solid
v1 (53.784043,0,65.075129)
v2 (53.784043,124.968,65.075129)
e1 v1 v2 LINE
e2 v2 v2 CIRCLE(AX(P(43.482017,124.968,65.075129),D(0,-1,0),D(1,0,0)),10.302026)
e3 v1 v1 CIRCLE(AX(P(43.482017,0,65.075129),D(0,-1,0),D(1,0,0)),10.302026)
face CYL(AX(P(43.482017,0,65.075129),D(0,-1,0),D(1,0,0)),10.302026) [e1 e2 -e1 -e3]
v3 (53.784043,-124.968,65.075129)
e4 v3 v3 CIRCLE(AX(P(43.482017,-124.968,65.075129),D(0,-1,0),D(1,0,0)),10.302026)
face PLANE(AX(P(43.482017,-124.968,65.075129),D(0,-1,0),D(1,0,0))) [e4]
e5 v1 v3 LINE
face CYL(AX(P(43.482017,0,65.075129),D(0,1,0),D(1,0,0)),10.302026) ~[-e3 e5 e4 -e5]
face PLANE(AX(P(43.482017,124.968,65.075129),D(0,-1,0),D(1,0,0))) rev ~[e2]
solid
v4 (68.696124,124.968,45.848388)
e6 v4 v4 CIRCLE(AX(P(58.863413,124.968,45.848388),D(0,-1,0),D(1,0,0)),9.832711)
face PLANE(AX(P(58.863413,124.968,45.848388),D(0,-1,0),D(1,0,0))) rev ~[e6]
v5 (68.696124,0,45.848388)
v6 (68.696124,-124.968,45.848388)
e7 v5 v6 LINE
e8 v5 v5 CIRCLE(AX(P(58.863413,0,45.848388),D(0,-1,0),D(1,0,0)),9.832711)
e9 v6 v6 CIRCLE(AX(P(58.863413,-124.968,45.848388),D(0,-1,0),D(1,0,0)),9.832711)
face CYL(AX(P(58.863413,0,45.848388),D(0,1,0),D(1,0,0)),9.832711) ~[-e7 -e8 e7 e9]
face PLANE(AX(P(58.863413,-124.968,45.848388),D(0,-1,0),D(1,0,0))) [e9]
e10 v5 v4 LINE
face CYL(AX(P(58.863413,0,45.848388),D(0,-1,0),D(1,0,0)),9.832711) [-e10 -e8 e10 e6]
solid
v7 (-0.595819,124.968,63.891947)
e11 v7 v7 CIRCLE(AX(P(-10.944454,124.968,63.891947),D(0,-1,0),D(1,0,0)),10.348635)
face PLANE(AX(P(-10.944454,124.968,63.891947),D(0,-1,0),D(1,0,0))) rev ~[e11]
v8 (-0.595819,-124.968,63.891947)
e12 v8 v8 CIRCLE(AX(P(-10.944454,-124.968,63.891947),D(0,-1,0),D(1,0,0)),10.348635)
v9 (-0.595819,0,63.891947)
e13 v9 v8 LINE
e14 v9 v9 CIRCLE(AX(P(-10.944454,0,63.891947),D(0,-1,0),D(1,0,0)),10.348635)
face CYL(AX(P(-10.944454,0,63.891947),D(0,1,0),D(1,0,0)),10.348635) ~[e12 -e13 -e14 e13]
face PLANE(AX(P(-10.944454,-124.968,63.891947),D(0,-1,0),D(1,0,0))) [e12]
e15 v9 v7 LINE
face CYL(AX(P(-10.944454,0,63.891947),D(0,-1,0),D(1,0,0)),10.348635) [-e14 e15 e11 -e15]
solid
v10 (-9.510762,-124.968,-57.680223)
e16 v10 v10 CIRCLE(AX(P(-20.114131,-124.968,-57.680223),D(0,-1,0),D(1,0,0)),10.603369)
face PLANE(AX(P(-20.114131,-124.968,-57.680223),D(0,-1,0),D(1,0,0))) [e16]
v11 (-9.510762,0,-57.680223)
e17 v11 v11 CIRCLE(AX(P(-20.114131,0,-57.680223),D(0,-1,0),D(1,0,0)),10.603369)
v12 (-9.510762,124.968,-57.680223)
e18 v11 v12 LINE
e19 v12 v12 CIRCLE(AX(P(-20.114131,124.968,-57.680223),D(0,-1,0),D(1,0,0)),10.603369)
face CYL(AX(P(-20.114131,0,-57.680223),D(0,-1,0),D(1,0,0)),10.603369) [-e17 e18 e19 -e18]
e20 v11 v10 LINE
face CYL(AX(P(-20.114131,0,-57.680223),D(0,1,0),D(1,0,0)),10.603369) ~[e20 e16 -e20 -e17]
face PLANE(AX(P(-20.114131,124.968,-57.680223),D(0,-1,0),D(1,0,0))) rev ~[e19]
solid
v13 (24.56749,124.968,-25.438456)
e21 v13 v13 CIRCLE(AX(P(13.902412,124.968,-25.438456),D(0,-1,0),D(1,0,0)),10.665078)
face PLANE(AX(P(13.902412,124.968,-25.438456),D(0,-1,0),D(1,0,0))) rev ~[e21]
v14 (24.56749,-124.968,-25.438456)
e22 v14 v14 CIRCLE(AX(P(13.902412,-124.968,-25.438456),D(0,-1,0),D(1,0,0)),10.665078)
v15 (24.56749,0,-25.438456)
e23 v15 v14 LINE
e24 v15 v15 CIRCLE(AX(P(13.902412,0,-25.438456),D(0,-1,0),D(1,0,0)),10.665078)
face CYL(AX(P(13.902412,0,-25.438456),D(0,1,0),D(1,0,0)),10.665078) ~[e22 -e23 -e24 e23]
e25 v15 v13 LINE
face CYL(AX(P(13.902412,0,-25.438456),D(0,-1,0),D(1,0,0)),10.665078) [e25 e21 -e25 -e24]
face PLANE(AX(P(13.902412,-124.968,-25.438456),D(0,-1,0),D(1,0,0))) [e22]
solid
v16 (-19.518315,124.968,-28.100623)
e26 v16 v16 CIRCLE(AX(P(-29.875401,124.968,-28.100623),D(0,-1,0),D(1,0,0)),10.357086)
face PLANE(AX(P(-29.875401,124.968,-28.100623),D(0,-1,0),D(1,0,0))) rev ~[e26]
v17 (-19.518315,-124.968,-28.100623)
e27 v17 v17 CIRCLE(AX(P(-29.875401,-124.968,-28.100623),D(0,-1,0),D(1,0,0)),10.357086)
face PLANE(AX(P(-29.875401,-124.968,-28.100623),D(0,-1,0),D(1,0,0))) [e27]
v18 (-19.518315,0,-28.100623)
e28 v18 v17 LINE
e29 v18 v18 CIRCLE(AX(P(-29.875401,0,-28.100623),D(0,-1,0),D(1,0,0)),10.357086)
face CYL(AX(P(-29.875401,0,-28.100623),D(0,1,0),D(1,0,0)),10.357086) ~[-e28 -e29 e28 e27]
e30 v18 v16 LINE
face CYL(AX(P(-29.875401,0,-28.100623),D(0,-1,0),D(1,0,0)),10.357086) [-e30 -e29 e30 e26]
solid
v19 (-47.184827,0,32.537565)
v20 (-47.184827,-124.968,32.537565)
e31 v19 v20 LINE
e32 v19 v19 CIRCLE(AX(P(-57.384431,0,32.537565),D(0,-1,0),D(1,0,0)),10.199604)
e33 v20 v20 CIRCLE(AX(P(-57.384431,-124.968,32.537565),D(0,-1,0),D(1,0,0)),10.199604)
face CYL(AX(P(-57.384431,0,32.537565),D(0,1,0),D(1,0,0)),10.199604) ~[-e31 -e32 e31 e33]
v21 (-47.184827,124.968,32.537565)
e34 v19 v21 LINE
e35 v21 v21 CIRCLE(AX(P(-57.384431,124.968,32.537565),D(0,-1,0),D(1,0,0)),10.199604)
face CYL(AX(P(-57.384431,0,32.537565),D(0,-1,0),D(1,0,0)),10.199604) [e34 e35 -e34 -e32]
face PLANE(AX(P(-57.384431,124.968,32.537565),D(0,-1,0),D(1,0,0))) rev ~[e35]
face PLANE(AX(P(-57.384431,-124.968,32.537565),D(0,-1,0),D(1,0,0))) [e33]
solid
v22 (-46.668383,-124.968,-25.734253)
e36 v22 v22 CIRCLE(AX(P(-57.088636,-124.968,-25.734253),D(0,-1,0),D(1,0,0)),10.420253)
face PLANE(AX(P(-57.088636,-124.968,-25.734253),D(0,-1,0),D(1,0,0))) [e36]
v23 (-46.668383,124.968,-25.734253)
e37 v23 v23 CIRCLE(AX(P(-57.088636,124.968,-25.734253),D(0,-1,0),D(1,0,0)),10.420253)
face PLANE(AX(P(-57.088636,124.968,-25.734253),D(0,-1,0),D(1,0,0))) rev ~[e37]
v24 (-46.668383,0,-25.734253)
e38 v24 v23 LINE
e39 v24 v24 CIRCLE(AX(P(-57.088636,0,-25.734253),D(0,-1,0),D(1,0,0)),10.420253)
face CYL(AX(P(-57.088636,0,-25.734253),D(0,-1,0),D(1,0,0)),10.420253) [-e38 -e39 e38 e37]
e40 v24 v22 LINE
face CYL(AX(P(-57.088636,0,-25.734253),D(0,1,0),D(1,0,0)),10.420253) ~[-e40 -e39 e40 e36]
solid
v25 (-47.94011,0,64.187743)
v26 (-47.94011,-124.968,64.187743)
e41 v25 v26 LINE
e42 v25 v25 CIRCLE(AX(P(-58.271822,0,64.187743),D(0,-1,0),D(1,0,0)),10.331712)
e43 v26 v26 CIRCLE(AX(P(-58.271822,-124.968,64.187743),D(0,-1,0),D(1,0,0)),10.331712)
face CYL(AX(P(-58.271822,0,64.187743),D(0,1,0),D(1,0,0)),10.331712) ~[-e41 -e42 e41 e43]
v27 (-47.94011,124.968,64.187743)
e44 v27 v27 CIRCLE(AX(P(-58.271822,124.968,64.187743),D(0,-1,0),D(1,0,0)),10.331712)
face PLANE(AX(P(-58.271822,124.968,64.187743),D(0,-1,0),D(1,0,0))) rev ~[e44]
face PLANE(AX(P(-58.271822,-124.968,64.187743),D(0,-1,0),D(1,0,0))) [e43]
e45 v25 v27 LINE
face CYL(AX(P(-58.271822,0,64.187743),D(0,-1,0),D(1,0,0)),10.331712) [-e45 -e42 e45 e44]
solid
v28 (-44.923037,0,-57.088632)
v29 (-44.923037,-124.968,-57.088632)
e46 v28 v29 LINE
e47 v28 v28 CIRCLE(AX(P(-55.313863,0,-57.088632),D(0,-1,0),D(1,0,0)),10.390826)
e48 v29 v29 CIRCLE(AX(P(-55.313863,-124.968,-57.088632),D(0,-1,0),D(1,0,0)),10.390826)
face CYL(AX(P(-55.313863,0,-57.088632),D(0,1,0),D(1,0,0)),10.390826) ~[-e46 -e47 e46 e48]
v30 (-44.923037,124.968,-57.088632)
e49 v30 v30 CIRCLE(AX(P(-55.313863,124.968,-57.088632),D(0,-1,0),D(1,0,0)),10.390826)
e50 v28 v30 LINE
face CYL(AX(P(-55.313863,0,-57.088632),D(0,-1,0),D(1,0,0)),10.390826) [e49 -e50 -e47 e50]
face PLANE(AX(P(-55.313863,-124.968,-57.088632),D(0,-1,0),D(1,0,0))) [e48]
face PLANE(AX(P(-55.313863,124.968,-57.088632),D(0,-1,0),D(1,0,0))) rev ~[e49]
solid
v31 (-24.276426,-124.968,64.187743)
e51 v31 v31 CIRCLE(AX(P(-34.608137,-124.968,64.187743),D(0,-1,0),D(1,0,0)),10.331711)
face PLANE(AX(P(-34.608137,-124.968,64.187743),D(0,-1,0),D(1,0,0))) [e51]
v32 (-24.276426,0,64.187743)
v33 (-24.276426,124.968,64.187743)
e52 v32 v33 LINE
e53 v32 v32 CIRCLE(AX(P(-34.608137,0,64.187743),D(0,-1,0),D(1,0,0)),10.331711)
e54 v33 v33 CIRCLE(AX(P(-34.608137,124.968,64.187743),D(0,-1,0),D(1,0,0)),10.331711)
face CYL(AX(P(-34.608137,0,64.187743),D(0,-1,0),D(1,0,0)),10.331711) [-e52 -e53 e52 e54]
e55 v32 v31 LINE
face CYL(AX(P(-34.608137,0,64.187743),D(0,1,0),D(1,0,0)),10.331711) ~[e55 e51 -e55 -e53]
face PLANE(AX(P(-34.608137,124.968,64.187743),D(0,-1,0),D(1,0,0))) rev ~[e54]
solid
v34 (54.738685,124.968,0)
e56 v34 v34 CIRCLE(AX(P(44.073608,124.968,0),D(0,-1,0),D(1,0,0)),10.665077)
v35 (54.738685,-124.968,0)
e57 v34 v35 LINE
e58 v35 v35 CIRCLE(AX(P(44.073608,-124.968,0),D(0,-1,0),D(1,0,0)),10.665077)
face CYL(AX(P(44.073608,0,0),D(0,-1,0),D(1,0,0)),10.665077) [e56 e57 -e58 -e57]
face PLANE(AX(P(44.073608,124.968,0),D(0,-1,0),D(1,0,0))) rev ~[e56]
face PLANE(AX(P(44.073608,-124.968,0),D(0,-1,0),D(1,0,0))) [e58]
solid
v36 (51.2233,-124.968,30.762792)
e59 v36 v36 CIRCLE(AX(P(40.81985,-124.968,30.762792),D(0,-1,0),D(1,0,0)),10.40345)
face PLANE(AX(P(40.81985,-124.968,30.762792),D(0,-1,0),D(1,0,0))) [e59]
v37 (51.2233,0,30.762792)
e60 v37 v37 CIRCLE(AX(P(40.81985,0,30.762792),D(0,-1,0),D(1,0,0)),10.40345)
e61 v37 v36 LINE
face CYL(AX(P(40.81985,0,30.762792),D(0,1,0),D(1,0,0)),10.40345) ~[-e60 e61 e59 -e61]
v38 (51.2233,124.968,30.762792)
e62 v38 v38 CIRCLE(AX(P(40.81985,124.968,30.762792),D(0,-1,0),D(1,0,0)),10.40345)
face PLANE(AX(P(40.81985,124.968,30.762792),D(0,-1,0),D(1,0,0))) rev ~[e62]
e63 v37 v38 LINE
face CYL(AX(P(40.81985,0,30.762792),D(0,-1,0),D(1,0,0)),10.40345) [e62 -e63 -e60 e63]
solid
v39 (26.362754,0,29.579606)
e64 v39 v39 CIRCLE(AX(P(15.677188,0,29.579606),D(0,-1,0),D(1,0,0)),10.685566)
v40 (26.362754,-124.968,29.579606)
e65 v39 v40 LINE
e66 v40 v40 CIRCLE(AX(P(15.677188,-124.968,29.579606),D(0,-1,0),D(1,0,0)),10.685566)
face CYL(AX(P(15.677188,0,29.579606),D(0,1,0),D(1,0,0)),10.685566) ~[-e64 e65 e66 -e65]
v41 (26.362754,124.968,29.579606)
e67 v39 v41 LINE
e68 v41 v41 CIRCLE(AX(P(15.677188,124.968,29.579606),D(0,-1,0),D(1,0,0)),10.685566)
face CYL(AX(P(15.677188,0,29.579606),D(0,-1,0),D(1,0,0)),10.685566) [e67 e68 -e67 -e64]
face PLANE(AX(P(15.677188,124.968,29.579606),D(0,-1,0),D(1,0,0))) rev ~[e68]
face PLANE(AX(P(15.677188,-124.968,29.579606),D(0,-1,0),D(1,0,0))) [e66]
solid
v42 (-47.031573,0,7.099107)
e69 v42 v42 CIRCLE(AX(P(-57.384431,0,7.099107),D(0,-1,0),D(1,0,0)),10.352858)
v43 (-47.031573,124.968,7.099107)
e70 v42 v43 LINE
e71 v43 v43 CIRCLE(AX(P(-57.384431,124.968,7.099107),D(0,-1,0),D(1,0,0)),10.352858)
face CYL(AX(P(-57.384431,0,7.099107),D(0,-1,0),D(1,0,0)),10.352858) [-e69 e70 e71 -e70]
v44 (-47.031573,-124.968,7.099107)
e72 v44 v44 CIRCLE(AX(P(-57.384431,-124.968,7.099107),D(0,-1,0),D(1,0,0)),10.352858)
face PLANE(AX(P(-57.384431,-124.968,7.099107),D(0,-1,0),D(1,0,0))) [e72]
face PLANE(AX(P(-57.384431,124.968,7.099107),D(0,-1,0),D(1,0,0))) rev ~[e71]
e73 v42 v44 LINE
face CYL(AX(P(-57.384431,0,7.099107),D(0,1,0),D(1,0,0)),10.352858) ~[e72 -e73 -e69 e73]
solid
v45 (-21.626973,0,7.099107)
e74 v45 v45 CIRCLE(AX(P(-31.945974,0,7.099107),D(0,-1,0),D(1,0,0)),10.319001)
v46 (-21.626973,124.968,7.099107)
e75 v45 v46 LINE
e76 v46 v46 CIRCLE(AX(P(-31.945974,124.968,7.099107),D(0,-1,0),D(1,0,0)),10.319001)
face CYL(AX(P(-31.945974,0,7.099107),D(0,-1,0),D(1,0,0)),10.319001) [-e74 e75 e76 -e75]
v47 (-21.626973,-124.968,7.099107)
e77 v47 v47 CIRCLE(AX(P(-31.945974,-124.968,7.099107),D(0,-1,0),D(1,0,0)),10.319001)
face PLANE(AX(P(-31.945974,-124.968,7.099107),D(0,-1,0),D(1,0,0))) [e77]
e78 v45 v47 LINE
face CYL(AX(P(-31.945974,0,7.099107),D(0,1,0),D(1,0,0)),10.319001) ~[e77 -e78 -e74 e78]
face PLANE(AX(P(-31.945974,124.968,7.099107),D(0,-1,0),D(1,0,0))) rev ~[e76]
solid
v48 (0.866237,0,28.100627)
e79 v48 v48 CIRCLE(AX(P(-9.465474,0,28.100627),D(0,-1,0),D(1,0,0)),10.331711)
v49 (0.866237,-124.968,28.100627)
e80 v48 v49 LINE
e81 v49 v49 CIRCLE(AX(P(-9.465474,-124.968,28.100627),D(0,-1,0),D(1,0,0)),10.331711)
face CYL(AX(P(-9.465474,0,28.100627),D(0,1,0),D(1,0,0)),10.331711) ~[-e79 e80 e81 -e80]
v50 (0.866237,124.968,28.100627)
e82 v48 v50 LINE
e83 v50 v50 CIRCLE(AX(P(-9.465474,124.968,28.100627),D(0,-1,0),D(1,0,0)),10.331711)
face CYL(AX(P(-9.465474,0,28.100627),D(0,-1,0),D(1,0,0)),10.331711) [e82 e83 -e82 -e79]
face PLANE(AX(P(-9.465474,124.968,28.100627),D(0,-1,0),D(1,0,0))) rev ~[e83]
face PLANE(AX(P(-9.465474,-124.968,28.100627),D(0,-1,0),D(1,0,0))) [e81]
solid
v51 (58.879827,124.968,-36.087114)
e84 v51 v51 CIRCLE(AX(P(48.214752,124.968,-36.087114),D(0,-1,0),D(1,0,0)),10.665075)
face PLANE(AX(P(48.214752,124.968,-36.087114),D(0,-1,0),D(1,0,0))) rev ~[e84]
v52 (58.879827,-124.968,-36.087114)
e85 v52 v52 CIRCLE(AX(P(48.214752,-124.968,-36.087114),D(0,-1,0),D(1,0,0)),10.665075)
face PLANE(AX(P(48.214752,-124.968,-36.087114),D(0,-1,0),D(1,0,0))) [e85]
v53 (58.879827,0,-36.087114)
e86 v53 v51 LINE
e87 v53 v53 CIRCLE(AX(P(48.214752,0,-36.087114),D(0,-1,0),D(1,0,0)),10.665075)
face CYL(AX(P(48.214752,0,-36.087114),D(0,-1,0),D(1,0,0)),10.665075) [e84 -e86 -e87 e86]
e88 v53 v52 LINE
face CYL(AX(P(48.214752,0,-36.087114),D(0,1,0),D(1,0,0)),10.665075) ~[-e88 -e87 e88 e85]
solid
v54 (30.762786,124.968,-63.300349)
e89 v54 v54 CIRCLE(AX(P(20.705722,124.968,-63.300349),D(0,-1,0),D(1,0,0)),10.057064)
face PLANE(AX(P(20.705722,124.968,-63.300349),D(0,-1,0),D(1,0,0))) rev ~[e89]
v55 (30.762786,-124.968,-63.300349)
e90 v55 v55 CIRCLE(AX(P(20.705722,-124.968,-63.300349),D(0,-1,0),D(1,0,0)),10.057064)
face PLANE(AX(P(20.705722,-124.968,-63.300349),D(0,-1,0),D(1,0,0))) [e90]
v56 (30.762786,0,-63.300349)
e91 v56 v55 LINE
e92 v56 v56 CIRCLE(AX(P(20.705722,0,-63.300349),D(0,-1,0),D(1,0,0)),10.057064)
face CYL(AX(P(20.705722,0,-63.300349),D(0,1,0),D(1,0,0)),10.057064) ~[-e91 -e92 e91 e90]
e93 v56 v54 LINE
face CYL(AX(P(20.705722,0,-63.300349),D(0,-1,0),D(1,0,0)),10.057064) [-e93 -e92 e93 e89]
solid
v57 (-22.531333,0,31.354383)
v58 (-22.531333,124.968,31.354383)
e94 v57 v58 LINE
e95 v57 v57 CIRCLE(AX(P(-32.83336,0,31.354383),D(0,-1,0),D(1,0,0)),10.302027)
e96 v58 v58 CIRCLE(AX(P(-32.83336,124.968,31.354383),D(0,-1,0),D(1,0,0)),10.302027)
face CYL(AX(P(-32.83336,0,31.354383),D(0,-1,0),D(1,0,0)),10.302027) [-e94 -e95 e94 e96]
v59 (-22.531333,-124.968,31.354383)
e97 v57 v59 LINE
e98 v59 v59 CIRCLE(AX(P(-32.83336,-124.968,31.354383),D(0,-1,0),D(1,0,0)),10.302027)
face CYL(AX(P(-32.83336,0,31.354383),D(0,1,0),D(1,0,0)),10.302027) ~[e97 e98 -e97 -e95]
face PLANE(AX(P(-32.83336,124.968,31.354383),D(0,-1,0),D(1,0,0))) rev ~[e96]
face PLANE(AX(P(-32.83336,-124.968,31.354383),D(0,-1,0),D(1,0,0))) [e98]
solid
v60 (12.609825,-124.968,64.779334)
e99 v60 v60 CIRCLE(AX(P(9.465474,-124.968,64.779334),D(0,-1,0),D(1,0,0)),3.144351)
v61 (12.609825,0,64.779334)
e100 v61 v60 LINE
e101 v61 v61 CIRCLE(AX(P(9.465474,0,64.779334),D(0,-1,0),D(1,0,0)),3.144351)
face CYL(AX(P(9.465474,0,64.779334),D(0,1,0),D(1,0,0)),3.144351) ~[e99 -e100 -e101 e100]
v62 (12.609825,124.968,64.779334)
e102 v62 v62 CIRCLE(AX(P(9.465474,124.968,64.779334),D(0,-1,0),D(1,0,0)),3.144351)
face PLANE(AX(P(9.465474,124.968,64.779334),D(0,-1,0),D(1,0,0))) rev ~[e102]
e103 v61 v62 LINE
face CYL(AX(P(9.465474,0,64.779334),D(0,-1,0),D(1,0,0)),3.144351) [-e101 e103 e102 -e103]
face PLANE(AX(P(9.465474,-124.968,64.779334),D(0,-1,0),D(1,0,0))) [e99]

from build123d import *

# Parameters (mm, degrees)
F0_R     = 10.331712
F0_R_2   = 10.331711
F0_R_3   = 10.348635
F0_R_4   = 3.144351
F0_R_5   = 10.199604
F0_R_6   = 10.302027
F0_R_7   = 10.352858
F0_R_8   = 10.319001
F0_R_9   = 10.420253
F0_R_10  = 10.357086
F0_R_11  = 10.390826
F0_R_12  = 10.603369
F0_R_13  = 10.665078
F0_R_14  = 10.057064
F0_R_15  = 10.40345
F0_R_16  = 10.685566
F0_R_17  = 10.665075
F0_R_18  = 10.302026
F0_R_19  = 9.832711
F0_R_20  = 10.665077
F1_DEPTH = 124.968


with BuildPart() as f1:
    # F0 (on Front) → F1 (new body, symmetric)
    with BuildSketch(Plane.XZ):
        with Locations((-58.271822, 64.187743)):
            Circle(F0_R)
        with Locations((-34.608137, 64.187743)):
            Circle(F0_R_2)
        with Locations((-10.944454, 63.891947)):
            Circle(F0_R_3)
        with Locations((9.465474, 64.779334)):
            Circle(F0_R_4)
        with Locations((-57.384431, 32.537565)):
            Circle(F0_R_5)
        with Locations((-32.83336, 31.354383)):
            Circle(F0_R_6)
        with Locations((-9.465474, 28.100627)):
            Circle(F0_R_2)
        with Locations((-57.384431, 7.099107)):
            Circle(F0_R_7)
        with Locations((-31.945974, 7.099107)):
            Circle(F0_R_8)
        with Locations((-57.088636, -25.734253)):
            Circle(F0_R_9)
        with Locations((-29.875401, -28.100623)):
            Circle(F0_R_10)
        with Locations((-55.313863, -57.088632)):
            Circle(F0_R_11)
        with Locations((-20.114131, -57.680223)):
            Circle(F0_R_12)
        with Locations((13.902412, -25.438456)):
            Circle(F0_R_13)
        with Locations((20.705722, -63.300349)):
            Circle(F0_R_14)
        with Locations((40.81985, 30.762792)):
            Circle(F0_R_15)
        with Locations((15.677188, 29.579606)):
            Circle(F0_R_16)
        with Locations((48.214752, -36.087114)):
            Circle(F0_R_17)
        with Locations((43.482017, 65.075129)):
            Circle(F0_R_18)
        with Locations((58.863413, 45.848388)):
            Circle(F0_R_19)
        with Locations((44.073608, 0)):
            Circle(F0_R_20)
    extrude(amount=F1_DEPTH, both=True)


solid = f1.part
